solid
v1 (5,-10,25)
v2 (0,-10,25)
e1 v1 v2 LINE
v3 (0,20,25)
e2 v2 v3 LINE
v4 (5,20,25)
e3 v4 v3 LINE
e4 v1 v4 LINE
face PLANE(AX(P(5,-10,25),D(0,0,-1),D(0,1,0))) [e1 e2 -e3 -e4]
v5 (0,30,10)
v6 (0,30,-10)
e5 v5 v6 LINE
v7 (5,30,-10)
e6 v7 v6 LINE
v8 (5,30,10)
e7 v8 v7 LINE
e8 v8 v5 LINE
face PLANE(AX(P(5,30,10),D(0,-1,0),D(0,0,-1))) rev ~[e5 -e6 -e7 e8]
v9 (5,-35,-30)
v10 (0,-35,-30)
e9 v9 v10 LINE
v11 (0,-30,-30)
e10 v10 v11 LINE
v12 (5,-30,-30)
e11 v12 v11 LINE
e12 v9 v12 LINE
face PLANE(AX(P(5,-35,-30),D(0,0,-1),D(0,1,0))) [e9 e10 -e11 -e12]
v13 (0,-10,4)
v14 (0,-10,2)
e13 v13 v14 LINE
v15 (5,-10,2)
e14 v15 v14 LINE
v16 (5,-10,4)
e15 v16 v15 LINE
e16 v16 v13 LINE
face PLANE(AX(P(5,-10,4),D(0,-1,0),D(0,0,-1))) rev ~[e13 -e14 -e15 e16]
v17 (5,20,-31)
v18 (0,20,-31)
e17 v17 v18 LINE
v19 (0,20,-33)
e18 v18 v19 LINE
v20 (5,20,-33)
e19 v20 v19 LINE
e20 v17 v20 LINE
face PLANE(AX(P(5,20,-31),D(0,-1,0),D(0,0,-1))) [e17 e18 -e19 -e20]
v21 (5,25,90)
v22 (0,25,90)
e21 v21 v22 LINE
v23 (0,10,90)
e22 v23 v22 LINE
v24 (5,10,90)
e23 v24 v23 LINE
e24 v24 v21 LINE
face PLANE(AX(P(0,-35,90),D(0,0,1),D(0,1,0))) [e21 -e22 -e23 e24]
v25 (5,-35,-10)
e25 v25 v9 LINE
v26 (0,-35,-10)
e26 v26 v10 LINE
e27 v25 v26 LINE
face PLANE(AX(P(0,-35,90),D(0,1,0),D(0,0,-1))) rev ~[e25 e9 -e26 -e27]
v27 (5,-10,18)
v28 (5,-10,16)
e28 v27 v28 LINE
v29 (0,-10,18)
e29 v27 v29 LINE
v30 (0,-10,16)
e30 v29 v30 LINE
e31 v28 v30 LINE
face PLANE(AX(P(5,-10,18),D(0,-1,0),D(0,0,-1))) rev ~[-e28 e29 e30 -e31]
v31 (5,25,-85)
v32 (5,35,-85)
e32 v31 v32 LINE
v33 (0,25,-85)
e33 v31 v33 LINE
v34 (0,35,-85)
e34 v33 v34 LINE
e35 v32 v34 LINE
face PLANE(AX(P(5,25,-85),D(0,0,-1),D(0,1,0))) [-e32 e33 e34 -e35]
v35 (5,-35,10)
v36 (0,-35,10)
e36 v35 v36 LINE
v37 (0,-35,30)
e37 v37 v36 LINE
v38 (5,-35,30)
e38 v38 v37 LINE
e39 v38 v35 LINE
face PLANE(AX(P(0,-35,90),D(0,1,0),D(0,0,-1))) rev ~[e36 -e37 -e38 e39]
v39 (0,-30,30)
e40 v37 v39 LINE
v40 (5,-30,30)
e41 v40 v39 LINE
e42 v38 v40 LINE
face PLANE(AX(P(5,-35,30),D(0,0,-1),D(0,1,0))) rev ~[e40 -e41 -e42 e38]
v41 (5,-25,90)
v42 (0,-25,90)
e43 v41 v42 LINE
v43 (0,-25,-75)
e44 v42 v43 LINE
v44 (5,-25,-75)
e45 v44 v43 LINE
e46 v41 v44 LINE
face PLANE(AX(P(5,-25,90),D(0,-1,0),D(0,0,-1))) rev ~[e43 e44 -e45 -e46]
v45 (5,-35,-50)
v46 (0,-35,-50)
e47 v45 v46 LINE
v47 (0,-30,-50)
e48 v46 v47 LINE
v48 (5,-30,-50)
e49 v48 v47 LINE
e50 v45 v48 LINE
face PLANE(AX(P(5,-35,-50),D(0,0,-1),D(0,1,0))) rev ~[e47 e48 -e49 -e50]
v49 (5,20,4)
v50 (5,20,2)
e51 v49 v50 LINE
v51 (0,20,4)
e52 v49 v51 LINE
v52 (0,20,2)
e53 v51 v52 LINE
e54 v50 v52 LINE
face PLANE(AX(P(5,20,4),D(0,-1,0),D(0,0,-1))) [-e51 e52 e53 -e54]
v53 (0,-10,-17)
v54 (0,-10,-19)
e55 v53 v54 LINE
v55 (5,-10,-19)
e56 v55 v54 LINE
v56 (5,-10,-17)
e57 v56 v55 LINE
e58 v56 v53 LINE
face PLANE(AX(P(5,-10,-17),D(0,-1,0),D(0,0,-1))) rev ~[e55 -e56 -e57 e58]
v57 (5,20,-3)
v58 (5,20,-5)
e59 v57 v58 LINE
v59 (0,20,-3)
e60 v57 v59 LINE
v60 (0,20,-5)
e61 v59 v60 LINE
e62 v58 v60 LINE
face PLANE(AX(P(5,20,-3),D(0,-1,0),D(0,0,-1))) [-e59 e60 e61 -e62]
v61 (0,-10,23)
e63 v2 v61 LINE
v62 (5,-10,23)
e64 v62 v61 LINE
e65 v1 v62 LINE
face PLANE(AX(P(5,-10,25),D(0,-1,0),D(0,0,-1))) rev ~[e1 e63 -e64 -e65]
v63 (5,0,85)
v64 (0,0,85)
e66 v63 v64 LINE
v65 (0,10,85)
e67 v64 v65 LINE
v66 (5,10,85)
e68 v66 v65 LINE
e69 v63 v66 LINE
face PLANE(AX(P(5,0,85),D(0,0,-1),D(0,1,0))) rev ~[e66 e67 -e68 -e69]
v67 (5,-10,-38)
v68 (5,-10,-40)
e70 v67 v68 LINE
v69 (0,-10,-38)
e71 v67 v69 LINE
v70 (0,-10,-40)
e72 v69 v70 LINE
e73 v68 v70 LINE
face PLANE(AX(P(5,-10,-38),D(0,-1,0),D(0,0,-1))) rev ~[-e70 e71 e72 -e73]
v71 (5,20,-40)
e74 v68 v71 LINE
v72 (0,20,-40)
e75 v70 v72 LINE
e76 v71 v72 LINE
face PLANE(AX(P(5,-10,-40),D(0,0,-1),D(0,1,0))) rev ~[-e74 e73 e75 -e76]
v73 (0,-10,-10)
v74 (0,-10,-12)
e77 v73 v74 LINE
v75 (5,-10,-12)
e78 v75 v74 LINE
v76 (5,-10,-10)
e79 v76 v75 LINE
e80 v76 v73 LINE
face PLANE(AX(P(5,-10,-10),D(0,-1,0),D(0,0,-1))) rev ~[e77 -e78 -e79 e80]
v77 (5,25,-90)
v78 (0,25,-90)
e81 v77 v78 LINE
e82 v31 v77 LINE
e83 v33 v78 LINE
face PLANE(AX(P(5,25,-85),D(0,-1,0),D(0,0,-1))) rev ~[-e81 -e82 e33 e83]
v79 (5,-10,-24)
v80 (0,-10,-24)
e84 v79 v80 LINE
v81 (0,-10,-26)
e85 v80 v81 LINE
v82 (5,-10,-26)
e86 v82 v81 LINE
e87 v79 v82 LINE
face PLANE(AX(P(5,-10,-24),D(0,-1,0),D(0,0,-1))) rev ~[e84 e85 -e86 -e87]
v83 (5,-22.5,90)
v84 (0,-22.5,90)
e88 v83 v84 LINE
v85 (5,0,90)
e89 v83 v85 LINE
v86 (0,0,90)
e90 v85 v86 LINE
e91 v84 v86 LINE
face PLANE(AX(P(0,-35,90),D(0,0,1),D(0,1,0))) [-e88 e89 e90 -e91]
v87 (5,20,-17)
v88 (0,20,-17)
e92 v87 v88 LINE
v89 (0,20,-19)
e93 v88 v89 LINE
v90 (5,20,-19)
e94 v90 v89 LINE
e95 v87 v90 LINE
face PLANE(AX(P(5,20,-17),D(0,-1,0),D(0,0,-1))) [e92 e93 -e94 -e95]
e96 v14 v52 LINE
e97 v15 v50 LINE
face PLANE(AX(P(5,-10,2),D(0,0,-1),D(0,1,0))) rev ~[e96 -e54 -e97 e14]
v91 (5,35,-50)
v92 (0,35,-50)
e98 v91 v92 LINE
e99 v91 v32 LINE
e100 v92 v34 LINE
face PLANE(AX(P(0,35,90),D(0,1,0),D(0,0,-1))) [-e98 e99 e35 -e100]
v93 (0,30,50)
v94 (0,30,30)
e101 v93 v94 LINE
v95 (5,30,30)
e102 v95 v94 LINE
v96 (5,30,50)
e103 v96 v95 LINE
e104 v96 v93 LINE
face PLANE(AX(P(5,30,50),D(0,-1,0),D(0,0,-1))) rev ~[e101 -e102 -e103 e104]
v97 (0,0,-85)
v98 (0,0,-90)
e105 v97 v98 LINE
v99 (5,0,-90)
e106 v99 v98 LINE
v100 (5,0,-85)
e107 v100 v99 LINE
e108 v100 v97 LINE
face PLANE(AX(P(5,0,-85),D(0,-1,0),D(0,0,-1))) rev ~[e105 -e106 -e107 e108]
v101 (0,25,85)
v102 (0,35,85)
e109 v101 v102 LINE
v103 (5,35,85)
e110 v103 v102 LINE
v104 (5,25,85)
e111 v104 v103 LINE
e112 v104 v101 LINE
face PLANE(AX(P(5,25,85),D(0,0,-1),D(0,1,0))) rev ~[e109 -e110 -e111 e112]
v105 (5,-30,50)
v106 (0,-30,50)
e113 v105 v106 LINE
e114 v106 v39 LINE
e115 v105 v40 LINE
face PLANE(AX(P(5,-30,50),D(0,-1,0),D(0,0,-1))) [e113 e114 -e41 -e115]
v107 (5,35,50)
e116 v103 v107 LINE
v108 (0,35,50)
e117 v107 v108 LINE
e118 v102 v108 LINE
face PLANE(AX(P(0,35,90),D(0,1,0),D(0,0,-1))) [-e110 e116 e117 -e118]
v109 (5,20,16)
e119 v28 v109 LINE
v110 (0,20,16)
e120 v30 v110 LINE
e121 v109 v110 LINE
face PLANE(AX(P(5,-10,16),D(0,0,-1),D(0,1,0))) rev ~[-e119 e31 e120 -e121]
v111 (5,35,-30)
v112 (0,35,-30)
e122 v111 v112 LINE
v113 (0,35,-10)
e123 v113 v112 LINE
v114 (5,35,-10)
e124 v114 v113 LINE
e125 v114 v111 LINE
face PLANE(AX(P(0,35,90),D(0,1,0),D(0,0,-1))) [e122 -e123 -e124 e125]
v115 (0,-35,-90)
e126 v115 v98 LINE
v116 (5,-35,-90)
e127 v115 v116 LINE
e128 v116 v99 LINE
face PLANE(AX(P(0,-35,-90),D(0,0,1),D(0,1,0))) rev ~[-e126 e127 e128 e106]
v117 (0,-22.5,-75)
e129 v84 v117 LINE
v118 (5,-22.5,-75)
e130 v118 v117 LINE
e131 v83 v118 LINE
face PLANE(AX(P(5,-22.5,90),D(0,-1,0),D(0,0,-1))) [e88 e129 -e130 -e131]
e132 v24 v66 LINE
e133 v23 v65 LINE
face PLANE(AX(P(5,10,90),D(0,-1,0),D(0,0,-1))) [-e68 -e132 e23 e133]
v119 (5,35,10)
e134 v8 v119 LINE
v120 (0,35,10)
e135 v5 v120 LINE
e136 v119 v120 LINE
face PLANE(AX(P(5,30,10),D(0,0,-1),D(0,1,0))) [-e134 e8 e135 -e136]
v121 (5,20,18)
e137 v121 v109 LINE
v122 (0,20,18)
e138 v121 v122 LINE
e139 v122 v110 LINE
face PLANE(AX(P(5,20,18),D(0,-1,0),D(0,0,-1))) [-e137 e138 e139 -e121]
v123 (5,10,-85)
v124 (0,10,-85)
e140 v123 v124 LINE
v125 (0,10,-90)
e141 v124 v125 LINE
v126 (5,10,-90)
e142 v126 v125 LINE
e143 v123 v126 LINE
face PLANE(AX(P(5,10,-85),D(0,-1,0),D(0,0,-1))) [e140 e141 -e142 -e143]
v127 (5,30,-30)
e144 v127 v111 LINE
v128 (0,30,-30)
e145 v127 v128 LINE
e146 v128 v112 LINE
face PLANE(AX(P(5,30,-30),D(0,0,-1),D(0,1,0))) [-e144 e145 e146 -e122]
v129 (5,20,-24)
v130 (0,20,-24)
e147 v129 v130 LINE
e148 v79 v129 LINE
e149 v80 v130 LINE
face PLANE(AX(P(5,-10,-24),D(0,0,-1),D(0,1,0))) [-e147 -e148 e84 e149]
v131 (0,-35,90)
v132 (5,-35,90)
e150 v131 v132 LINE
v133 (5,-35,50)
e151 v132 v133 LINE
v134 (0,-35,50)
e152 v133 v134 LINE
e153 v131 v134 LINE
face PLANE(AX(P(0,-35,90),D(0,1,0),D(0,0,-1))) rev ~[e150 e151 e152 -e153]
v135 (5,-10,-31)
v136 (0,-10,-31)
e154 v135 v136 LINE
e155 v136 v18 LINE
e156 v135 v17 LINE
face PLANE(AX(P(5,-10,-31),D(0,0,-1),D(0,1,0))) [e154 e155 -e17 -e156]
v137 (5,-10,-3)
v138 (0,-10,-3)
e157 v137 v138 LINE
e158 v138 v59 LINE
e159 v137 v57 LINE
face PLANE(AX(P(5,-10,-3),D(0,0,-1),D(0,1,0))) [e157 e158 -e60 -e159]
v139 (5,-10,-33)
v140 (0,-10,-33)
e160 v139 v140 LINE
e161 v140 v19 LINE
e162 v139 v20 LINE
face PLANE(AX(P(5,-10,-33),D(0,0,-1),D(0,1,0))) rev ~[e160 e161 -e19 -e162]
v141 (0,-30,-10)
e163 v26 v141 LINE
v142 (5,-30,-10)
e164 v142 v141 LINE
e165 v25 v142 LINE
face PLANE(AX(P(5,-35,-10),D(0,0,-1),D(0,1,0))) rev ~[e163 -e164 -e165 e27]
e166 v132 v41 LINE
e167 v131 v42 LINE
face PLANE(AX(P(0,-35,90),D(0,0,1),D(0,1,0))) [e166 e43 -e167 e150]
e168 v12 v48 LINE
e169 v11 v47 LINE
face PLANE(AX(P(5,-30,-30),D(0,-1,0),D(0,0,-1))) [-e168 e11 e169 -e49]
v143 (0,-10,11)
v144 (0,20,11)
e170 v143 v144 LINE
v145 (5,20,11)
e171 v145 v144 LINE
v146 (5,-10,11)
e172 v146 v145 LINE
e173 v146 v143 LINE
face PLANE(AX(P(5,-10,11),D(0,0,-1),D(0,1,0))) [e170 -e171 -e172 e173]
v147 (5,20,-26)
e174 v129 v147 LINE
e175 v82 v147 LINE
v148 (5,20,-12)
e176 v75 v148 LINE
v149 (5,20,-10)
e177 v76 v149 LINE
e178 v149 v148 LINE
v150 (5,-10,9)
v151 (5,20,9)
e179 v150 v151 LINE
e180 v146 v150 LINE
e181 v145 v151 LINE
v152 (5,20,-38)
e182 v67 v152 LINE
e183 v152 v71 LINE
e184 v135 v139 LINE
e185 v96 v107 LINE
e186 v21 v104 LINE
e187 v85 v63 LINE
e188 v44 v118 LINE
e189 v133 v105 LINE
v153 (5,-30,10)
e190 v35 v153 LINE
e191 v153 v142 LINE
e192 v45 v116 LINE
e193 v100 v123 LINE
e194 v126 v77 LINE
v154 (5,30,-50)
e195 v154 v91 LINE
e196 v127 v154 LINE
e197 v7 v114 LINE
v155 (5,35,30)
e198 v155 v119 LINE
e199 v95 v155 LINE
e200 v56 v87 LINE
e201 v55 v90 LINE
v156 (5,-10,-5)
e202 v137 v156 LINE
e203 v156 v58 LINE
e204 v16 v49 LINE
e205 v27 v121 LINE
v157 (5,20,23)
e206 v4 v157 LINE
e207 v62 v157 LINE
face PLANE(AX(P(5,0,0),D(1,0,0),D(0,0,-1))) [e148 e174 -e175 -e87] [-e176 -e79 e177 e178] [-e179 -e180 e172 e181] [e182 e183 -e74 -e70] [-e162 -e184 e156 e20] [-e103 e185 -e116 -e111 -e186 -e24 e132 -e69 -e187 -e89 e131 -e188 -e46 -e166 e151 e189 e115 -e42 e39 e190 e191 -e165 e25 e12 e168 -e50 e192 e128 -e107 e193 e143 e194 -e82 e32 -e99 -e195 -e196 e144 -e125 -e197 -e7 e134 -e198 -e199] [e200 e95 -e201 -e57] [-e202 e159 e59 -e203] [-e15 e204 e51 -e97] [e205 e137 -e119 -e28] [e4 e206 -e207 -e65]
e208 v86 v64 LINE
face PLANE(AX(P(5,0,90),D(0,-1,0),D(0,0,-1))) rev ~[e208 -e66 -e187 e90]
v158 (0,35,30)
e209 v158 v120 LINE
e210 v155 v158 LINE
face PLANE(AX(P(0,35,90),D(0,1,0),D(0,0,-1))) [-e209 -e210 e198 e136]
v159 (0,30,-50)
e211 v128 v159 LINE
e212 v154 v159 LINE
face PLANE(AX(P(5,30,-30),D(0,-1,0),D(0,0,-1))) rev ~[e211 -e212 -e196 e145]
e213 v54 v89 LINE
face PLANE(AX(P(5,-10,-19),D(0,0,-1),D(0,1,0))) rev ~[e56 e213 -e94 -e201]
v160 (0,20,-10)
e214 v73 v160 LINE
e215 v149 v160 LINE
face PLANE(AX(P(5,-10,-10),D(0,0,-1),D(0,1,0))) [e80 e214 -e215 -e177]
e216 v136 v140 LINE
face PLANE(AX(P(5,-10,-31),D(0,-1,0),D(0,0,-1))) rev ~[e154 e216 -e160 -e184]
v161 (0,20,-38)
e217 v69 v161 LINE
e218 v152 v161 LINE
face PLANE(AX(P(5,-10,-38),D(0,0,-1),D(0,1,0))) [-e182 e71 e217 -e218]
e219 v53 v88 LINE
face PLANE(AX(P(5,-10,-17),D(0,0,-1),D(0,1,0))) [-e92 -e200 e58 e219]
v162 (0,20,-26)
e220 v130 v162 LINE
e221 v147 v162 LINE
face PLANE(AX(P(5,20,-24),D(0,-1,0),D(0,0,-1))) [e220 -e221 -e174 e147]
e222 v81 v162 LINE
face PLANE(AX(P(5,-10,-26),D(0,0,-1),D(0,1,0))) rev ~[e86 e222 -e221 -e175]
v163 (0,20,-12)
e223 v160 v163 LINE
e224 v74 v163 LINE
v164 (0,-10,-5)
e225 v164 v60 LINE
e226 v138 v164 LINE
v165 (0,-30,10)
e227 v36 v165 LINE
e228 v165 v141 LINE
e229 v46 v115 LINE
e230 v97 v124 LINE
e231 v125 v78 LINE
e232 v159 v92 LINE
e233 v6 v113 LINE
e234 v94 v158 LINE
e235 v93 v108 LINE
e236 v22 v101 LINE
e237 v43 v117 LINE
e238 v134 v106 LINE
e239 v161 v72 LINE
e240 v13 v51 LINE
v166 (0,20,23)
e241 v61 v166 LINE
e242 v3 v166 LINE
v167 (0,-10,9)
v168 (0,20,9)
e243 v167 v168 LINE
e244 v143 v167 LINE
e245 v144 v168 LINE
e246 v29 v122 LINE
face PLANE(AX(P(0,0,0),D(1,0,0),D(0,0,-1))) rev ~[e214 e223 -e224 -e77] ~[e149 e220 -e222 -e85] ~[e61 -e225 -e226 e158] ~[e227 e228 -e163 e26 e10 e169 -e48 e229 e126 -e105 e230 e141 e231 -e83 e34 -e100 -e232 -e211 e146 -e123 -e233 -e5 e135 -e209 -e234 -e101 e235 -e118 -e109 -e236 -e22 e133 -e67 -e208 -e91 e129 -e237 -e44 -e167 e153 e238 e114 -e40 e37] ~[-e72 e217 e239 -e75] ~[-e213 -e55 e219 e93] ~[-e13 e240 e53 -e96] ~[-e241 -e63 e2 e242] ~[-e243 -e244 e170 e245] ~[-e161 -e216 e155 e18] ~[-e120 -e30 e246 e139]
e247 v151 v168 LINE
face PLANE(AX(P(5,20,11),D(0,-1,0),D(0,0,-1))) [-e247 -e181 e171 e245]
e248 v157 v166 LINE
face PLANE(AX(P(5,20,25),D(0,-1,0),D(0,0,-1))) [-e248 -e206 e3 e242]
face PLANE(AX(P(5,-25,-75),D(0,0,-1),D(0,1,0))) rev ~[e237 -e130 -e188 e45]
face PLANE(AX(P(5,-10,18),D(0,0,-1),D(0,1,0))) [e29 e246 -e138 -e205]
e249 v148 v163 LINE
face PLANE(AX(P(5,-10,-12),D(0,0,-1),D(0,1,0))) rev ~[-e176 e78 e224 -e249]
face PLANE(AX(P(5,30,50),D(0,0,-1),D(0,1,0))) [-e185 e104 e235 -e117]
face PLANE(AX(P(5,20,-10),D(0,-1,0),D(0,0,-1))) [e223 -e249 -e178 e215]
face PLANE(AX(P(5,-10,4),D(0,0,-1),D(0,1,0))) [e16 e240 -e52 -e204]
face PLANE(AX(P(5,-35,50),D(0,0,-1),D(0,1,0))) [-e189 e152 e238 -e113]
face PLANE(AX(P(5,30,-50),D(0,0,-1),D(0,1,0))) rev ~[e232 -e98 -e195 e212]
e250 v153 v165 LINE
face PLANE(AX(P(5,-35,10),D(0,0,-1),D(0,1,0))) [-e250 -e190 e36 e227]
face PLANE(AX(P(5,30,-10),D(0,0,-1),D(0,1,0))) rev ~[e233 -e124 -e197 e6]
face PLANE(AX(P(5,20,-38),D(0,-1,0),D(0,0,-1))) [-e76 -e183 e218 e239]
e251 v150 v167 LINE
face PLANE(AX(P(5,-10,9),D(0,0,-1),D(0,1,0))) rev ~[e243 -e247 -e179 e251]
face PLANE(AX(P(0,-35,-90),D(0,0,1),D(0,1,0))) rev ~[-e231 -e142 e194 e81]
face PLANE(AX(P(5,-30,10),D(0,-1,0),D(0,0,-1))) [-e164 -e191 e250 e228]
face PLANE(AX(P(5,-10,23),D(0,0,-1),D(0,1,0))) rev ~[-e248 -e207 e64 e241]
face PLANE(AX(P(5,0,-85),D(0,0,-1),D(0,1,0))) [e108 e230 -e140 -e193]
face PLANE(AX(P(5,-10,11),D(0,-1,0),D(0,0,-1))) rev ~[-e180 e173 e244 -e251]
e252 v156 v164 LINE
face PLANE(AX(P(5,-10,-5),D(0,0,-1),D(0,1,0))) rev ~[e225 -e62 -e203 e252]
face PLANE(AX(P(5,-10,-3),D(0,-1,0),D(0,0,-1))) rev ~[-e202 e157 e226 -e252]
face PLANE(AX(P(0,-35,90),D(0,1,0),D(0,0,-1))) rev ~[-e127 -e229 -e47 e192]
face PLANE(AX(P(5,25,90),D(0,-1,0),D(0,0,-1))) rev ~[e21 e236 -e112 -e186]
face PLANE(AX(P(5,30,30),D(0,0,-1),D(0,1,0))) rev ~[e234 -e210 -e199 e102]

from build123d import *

# Parameters (mm, degrees)
ESQUISSE1_W             = 180
ESQUISSE1_H             = 70
BOSS_EXTRU_1_DEPTH      = 5
ESQUISSE2_W             = 165
ESQUISSE2_H             = 2.5
ENL_V_MAT_EXTRU_1_DEPTH = 5
ESQUISSE3_W             = 5
ESQUISSE3_H             = 10
ESQUISSE3_W_2           = 20
ESQUISSE3_H_2           = 5
ENL_V_MAT_EXTRU_2_DEPTH = 5
ESQUISSE4_W             = 2
ESQUISSE4_H             = 30
ENL_V_MAT_EXTRU_3_DEPTH = 5


with BuildPart() as part:
    # Esquisse1 → Boss.-Extru.1 (new body)
    with BuildSketch(Plane(origin=(0, 0, 0), x_dir=(0, 0, -1), z_dir=(1, 0, 0))):
        Rectangle(ESQUISSE1_W, ESQUISSE1_H)
    extrude(amount=BOSS_EXTRU_1_DEPTH)

    # Esquisse2 → Enlèv. mat.-Extru.1 (cut)
    with BuildSketch(Plane(origin=(5, 0, 0), x_dir=(0, 0, -1), z_dir=(1, 0, 0))):
        with Locations((-7.5, -23.75)):
            Rectangle(ESQUISSE2_W, ESQUISSE2_H)
    extrude(amount=-ENL_V_MAT_EXTRU_1_DEPTH, mode=Mode.SUBTRACT)

    # Esquisse3 → Enlèv. mat.-Extru.2 (cut)
    with BuildSketch(Plane(origin=(5, 0, 0), x_dir=(0, 0, -1), z_dir=(1, 0, 0))):
        with Locations((-87.5, 30)):
            Rectangle(ESQUISSE3_W, ESQUISSE3_H)
        with Locations((-87.5, 5)):
            Rectangle(ESQUISSE3_W, ESQUISSE3_H)
        with Locations((87.5, 30)):
            Rectangle(ESQUISSE3_W, ESQUISSE3_H)
        with Locations((87.5, 5)):
            Rectangle(ESQUISSE3_W, ESQUISSE3_H)
        with Locations((-40, 32.5)):
            Rectangle(ESQUISSE3_W_2, ESQUISSE3_H_2)
        with Locations((40, 32.5)):
            Rectangle(ESQUISSE3_W_2, ESQUISSE3_H_2)
        with Locations((0, 32.5)):
            Rectangle(ESQUISSE3_W_2, ESQUISSE3_H_2)
        with Locations((-40, -32.5)):
            Rectangle(ESQUISSE3_W_2, ESQUISSE3_H_2)
        with Locations((0, -32.5)):
            Rectangle(ESQUISSE3_W_2, ESQUISSE3_H_2)
        with Locations((40, -32.5)):
            Rectangle(ESQUISSE3_W_2, ESQUISSE3_H_2)
    extrude(amount=-ENL_V_MAT_EXTRU_2_DEPTH, mode=Mode.SUBTRACT)

    # Esquisse4 → Enlèv. mat.-Extru.3 (cut)
    with BuildSketch(Plane(origin=(5, 0, 0), x_dir=(0, 0, -1), z_dir=(1, 0, 0))):
        with Locations((32, 5)):
            Rectangle(ESQUISSE4_W, ESQUISSE4_H)
        with Locations((39, 5)):
            Rectangle(ESQUISSE4_W, ESQUISSE4_H)
        with Locations((25, 5)):
            Rectangle(ESQUISSE4_W, ESQUISSE4_H)
        with Locations((18, 5)):
            Rectangle(ESQUISSE4_W, ESQUISSE4_H)
        with Locations((11, 5)):
            Rectangle(ESQUISSE4_W, ESQUISSE4_H)
        with Locations((4, 5)):
            Rectangle(ESQUISSE4_W, ESQUISSE4_H)
        with Locations((-3, 5)):
            Rectangle(ESQUISSE4_W, ESQUISSE4_H)
        with Locations((-10, 5)):
            Rectangle(ESQUISSE4_W, ESQUISSE4_H)
        with Locations((-17, 5)):
            Rectangle(ESQUISSE4_W, ESQUISSE4_H)
        with Locations((-24, 5)):
            Rectangle(ESQUISSE4_W, ESQUISSE4_H)
    extrude(amount=-ENL_V_MAT_EXTRU_3_DEPTH, mode=Mode.SUBTRACT)


solid = part.part
